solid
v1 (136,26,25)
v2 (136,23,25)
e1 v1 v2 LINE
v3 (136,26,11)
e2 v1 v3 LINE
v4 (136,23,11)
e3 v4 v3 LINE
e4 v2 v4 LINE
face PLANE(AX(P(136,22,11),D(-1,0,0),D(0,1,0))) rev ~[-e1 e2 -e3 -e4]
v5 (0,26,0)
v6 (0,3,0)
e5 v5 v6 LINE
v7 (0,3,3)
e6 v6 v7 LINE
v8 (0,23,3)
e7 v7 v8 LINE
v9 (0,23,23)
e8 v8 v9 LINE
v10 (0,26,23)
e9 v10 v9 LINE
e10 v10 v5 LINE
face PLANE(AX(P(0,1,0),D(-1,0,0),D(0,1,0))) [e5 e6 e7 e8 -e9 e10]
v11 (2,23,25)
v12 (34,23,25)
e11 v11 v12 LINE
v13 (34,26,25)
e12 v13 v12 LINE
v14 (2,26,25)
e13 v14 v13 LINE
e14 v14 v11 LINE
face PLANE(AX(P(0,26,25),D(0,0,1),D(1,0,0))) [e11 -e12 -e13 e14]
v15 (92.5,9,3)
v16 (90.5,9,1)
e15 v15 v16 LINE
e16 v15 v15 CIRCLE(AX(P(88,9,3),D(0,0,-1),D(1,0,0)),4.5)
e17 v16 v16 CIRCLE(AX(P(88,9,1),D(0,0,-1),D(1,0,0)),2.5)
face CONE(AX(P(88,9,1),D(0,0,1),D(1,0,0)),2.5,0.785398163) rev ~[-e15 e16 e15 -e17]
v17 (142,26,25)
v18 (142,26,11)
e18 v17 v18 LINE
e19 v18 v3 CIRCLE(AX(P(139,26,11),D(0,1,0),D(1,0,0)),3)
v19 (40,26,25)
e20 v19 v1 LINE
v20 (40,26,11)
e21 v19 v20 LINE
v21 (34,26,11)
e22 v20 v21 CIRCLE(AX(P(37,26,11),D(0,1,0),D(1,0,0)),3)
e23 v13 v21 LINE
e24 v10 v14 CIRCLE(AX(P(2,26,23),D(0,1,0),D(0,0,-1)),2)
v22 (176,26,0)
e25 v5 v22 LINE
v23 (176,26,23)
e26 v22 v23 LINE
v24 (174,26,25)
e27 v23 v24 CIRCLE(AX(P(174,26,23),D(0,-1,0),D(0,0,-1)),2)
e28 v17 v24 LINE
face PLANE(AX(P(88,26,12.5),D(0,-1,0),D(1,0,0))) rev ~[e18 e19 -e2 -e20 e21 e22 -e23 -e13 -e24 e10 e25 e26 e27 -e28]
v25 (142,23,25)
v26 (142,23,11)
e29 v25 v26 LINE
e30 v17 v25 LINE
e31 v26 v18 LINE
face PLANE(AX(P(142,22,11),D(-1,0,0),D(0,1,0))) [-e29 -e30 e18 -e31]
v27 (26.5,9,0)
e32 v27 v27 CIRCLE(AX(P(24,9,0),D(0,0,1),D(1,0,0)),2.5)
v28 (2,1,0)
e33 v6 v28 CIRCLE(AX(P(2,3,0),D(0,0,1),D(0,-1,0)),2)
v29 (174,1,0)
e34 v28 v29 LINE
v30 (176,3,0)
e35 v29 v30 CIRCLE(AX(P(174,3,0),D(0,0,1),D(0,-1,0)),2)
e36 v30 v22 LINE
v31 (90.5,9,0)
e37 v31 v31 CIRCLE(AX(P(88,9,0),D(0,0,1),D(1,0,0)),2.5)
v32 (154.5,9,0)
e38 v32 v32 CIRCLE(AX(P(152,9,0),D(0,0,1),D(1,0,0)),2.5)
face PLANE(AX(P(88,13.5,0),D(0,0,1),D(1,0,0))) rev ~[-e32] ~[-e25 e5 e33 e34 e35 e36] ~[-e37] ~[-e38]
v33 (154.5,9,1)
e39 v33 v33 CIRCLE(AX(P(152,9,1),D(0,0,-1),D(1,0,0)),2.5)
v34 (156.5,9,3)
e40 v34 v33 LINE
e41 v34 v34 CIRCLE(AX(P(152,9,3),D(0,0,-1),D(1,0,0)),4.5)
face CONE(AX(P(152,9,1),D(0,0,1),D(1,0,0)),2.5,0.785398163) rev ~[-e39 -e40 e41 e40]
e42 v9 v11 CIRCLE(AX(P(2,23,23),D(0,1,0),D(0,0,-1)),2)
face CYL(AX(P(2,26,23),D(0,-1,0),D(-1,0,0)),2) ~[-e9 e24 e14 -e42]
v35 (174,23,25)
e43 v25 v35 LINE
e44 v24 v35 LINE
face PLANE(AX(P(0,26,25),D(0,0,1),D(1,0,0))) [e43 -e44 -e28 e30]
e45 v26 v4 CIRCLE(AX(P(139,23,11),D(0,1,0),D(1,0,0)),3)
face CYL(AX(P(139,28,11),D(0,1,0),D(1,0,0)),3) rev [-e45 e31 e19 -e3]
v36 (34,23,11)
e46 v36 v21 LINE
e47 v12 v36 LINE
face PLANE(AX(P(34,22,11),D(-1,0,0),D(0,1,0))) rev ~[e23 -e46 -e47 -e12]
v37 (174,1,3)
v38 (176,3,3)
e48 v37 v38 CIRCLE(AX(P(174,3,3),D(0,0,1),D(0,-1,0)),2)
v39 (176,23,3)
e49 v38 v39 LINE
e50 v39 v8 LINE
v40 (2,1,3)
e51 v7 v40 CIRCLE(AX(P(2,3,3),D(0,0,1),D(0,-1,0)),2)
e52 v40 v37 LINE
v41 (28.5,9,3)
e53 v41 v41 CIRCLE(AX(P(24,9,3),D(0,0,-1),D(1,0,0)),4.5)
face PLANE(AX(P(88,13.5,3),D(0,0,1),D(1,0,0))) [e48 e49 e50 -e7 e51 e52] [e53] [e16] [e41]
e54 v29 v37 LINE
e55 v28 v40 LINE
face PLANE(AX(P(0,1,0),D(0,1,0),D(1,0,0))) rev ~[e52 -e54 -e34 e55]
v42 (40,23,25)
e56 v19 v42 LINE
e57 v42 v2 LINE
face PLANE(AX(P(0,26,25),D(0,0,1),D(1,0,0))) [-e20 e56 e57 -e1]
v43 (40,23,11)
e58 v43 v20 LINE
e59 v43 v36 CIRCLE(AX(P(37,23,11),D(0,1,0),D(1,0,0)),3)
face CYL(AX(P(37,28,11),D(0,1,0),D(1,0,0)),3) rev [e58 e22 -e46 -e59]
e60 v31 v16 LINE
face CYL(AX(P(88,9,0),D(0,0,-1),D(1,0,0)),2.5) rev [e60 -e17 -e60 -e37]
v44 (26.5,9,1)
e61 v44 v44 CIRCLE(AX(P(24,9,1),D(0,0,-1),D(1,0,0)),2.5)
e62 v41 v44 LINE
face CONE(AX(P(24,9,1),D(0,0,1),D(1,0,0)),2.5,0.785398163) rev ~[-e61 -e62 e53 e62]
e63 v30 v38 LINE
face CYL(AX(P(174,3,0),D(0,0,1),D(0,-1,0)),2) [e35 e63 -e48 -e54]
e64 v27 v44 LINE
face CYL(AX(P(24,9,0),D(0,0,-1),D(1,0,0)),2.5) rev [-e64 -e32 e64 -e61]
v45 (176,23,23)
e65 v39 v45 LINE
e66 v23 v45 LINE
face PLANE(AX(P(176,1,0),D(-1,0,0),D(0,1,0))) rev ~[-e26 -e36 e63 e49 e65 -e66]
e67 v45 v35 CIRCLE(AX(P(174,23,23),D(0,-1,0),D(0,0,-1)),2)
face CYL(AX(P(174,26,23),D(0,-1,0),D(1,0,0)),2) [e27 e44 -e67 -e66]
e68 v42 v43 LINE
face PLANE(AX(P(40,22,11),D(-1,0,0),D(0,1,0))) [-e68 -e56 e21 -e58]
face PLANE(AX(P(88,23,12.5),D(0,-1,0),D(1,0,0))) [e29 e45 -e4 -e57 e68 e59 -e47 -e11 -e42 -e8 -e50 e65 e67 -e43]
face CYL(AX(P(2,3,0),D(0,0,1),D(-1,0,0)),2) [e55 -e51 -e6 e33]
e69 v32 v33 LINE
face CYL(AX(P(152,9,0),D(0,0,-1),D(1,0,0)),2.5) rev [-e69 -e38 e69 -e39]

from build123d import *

# Parameters (mm, degrees)
CYLINDER002_R          = 2.5
CYLINDER002_DEPTH      = 10
CYLINDER001_R          = 2.5
CYLINDER001_DEPTH      = 10
CYLINDER_R             = 2.5
CYLINDER_DEPTH         = 10
BOX_W                  = 176
BOX_H                  = 25
BOX_DEPTH              = 3
CHAMFER_SIZE           = 2
FILLET_R               = 2
CYLINDER004_R          = 3
CYLINDER004_DEPTH      = 6
CYLINDER004_ROLL_ANGLE = 90
BOX003_W               = 6
BOX003_H               = 6
BOX003_DEPTH           = 15
CYLINDER003_R          = 3
CYLINDER003_DEPTH      = 6
CYLINDER003_ROLL_ANGLE = 90
BOX002_W               = 6
BOX002_H               = 6
BOX002_DEPTH           = 15
BOX001_W               = 176
BOX001_H               = 25
BOX001_DEPTH           = 3
BOX001_ROLL_ANGLE      = 90
FILLET001_R            = 2


with BuildPart() as cylinder002:
    # Cylinder002 → Cylinder002 (new body)
    with BuildSketch(Plane(origin=(88, 9, 0), x_dir=(1, 0, 0), z_dir=(0, 0, 1))):
        Circle(CYLINDER002_R)
    extrude(amount=CYLINDER002_DEPTH)


with BuildPart() as cylinder001:
    # Cylinder001 → Cylinder001 (new body)
    with BuildSketch(Plane(origin=(152, 9, 0), x_dir=(1, 0, 0), z_dir=(0, 0, 1))):
        Circle(CYLINDER001_R)
    extrude(amount=CYLINDER001_DEPTH)


with BuildPart() as cylinder:
    # Cylinder → Cylinder (new body)
    with BuildSketch(Plane(origin=(24, 9, 0), x_dir=(1, 0, 0), z_dir=(0, 0, 1))):
        Circle(CYLINDER_R)
    extrude(amount=CYLINDER_DEPTH)


with BuildPart() as fillet_body:
    # Box → Box (new body)
    with BuildSketch(Plane(origin=(0, 1, 0), x_dir=(1, 0, 0), z_dir=(0, 0, 1))):
        with Locations((88, 12.5)):
            Rectangle(BOX_W, BOX_H)
    extrude(amount=BOX_DEPTH)

    # Cut: cut Cylinder
    add(cylinder.part, mode=Mode.SUBTRACT)

    # Cut001: cut Cylinder001
    add(cylinder001.part, mode=Mode.SUBTRACT)

    # Cut002: cut Cylinder002
    add(cylinder002.part, mode=Mode.SUBTRACT)

    # Chamfer
    chamfer_edges = [fillet_body.edges().sort_by_distance(p)[0] for p in [
        (85.5, 9, 3),
        (21.5, 9, 3),
        (149.5, 9, 3),
    ]]
    chamfer(chamfer_edges, length=CHAMFER_SIZE)

    # Fillet
    fillet_edges = [fillet_body.edges().sort_by_distance(p)[0] for p in [
        (0, 1, 1.5),
        (176, 1, 1.5),
    ]]
    fillet(fillet_edges, radius=FILLET_R)


with BuildPart() as cylinder004:
    # Cylinder004 → Cylinder004 (new body)
    with BuildSketch(Plane.XY):
        Circle(CYLINDER004_R)
    extrude(amount=CYLINDER004_DEPTH)


with BuildPart() as cylinder004_1:
    # Cylinder004 roll: moved
    add(cylinder004.part.rotate(Axis((0, 0, 0), (1, 0, 0)), CYLINDER004_ROLL_ANGLE))


with BuildPart() as cylinder004_2:
    # Cylinder004 placement: moved
    add(cylinder004_1.part.moved(Location((36, 6, 0))))


with BuildPart() as fusion001:
    # Box003 → Box003 (new body)
    with BuildSketch(Plane(origin=(33, 0, 0), x_dir=(1, 0, 0), z_dir=(0, 0, 1))):
        with Locations((3, 3)):
            Rectangle(BOX003_W, BOX003_H)
    extrude(amount=BOX003_DEPTH)

    # Fusion001: union Cylinder004
    add(cylinder004_2.part)


with BuildPart() as fusion001_1:
    # Fusion001 placement: moved
    add(fusion001.part.moved(Location((103, 22, 11))))


with BuildPart() as cylinder003:
    # Cylinder003 → Cylinder003 (new body)
    with BuildSketch(Plane.XY):
        Circle(CYLINDER003_R)
    extrude(amount=CYLINDER003_DEPTH)


with BuildPart() as cylinder003_1:
    # Cylinder003 roll: moved
    add(cylinder003.part.rotate(Axis((0, 0, 0), (1, 0, 0)), CYLINDER003_ROLL_ANGLE))


with BuildPart() as cylinder003_2:
    # Cylinder003 placement: moved
    add(cylinder003_1.part.moved(Location((36, 6, 0))))


with BuildPart() as fusion:
    # Box002 → Box002 (new body)
    with BuildSketch(Plane(origin=(33, 0, 0), x_dir=(1, 0, 0), z_dir=(0, 0, 1))):
        with Locations((3, 3)):
            Rectangle(BOX002_W, BOX002_H)
    extrude(amount=BOX002_DEPTH)

    # Fusion: union Cylinder003
    add(cylinder003_2.part)


with BuildPart() as fusion_1:
    # Fusion placement: moved
    add(fusion.part.moved(Location((1, 22, 11))))


with BuildPart() as f_4u_ears:
    # Box001 → Box001 (new body)
    with BuildSketch(Plane.XY):
        with Locations((88, 12.5)):
            Rectangle(BOX001_W, BOX001_H)
    extrude(amount=BOX001_DEPTH)


with BuildPart() as f_4u_ears_1:
    # Box001 roll: moved
    add(f_4u_ears.part.rotate(Axis((0, 0, 0), (1, 0, 0)), BOX001_ROLL_ANGLE))


with BuildPart() as f_4u_ears_2:
    # Box001 placement: moved
    add(f_4u_ears_1.part.moved(Location((0, 26, 0))))

    # Cut003: cut Fusion
    add(fusion_1.part, mode=Mode.SUBTRACT)

    # Cut004: cut Fusion001
    add(fusion001_1.part, mode=Mode.SUBTRACT)

    # Fillet001
    fillet001_edges = [f_4u_ears_2.edges().sort_by_distance(p)[0] for p in [
        (0, 24.5, 25),
        (176, 24.5, 25),
    ]]
    fillet(fillet001_edges, radius=FILLET001_R)

    # Fusion002: union Fillet body
    add(fillet_body.part)


solid = f_4u_ears_2.part
